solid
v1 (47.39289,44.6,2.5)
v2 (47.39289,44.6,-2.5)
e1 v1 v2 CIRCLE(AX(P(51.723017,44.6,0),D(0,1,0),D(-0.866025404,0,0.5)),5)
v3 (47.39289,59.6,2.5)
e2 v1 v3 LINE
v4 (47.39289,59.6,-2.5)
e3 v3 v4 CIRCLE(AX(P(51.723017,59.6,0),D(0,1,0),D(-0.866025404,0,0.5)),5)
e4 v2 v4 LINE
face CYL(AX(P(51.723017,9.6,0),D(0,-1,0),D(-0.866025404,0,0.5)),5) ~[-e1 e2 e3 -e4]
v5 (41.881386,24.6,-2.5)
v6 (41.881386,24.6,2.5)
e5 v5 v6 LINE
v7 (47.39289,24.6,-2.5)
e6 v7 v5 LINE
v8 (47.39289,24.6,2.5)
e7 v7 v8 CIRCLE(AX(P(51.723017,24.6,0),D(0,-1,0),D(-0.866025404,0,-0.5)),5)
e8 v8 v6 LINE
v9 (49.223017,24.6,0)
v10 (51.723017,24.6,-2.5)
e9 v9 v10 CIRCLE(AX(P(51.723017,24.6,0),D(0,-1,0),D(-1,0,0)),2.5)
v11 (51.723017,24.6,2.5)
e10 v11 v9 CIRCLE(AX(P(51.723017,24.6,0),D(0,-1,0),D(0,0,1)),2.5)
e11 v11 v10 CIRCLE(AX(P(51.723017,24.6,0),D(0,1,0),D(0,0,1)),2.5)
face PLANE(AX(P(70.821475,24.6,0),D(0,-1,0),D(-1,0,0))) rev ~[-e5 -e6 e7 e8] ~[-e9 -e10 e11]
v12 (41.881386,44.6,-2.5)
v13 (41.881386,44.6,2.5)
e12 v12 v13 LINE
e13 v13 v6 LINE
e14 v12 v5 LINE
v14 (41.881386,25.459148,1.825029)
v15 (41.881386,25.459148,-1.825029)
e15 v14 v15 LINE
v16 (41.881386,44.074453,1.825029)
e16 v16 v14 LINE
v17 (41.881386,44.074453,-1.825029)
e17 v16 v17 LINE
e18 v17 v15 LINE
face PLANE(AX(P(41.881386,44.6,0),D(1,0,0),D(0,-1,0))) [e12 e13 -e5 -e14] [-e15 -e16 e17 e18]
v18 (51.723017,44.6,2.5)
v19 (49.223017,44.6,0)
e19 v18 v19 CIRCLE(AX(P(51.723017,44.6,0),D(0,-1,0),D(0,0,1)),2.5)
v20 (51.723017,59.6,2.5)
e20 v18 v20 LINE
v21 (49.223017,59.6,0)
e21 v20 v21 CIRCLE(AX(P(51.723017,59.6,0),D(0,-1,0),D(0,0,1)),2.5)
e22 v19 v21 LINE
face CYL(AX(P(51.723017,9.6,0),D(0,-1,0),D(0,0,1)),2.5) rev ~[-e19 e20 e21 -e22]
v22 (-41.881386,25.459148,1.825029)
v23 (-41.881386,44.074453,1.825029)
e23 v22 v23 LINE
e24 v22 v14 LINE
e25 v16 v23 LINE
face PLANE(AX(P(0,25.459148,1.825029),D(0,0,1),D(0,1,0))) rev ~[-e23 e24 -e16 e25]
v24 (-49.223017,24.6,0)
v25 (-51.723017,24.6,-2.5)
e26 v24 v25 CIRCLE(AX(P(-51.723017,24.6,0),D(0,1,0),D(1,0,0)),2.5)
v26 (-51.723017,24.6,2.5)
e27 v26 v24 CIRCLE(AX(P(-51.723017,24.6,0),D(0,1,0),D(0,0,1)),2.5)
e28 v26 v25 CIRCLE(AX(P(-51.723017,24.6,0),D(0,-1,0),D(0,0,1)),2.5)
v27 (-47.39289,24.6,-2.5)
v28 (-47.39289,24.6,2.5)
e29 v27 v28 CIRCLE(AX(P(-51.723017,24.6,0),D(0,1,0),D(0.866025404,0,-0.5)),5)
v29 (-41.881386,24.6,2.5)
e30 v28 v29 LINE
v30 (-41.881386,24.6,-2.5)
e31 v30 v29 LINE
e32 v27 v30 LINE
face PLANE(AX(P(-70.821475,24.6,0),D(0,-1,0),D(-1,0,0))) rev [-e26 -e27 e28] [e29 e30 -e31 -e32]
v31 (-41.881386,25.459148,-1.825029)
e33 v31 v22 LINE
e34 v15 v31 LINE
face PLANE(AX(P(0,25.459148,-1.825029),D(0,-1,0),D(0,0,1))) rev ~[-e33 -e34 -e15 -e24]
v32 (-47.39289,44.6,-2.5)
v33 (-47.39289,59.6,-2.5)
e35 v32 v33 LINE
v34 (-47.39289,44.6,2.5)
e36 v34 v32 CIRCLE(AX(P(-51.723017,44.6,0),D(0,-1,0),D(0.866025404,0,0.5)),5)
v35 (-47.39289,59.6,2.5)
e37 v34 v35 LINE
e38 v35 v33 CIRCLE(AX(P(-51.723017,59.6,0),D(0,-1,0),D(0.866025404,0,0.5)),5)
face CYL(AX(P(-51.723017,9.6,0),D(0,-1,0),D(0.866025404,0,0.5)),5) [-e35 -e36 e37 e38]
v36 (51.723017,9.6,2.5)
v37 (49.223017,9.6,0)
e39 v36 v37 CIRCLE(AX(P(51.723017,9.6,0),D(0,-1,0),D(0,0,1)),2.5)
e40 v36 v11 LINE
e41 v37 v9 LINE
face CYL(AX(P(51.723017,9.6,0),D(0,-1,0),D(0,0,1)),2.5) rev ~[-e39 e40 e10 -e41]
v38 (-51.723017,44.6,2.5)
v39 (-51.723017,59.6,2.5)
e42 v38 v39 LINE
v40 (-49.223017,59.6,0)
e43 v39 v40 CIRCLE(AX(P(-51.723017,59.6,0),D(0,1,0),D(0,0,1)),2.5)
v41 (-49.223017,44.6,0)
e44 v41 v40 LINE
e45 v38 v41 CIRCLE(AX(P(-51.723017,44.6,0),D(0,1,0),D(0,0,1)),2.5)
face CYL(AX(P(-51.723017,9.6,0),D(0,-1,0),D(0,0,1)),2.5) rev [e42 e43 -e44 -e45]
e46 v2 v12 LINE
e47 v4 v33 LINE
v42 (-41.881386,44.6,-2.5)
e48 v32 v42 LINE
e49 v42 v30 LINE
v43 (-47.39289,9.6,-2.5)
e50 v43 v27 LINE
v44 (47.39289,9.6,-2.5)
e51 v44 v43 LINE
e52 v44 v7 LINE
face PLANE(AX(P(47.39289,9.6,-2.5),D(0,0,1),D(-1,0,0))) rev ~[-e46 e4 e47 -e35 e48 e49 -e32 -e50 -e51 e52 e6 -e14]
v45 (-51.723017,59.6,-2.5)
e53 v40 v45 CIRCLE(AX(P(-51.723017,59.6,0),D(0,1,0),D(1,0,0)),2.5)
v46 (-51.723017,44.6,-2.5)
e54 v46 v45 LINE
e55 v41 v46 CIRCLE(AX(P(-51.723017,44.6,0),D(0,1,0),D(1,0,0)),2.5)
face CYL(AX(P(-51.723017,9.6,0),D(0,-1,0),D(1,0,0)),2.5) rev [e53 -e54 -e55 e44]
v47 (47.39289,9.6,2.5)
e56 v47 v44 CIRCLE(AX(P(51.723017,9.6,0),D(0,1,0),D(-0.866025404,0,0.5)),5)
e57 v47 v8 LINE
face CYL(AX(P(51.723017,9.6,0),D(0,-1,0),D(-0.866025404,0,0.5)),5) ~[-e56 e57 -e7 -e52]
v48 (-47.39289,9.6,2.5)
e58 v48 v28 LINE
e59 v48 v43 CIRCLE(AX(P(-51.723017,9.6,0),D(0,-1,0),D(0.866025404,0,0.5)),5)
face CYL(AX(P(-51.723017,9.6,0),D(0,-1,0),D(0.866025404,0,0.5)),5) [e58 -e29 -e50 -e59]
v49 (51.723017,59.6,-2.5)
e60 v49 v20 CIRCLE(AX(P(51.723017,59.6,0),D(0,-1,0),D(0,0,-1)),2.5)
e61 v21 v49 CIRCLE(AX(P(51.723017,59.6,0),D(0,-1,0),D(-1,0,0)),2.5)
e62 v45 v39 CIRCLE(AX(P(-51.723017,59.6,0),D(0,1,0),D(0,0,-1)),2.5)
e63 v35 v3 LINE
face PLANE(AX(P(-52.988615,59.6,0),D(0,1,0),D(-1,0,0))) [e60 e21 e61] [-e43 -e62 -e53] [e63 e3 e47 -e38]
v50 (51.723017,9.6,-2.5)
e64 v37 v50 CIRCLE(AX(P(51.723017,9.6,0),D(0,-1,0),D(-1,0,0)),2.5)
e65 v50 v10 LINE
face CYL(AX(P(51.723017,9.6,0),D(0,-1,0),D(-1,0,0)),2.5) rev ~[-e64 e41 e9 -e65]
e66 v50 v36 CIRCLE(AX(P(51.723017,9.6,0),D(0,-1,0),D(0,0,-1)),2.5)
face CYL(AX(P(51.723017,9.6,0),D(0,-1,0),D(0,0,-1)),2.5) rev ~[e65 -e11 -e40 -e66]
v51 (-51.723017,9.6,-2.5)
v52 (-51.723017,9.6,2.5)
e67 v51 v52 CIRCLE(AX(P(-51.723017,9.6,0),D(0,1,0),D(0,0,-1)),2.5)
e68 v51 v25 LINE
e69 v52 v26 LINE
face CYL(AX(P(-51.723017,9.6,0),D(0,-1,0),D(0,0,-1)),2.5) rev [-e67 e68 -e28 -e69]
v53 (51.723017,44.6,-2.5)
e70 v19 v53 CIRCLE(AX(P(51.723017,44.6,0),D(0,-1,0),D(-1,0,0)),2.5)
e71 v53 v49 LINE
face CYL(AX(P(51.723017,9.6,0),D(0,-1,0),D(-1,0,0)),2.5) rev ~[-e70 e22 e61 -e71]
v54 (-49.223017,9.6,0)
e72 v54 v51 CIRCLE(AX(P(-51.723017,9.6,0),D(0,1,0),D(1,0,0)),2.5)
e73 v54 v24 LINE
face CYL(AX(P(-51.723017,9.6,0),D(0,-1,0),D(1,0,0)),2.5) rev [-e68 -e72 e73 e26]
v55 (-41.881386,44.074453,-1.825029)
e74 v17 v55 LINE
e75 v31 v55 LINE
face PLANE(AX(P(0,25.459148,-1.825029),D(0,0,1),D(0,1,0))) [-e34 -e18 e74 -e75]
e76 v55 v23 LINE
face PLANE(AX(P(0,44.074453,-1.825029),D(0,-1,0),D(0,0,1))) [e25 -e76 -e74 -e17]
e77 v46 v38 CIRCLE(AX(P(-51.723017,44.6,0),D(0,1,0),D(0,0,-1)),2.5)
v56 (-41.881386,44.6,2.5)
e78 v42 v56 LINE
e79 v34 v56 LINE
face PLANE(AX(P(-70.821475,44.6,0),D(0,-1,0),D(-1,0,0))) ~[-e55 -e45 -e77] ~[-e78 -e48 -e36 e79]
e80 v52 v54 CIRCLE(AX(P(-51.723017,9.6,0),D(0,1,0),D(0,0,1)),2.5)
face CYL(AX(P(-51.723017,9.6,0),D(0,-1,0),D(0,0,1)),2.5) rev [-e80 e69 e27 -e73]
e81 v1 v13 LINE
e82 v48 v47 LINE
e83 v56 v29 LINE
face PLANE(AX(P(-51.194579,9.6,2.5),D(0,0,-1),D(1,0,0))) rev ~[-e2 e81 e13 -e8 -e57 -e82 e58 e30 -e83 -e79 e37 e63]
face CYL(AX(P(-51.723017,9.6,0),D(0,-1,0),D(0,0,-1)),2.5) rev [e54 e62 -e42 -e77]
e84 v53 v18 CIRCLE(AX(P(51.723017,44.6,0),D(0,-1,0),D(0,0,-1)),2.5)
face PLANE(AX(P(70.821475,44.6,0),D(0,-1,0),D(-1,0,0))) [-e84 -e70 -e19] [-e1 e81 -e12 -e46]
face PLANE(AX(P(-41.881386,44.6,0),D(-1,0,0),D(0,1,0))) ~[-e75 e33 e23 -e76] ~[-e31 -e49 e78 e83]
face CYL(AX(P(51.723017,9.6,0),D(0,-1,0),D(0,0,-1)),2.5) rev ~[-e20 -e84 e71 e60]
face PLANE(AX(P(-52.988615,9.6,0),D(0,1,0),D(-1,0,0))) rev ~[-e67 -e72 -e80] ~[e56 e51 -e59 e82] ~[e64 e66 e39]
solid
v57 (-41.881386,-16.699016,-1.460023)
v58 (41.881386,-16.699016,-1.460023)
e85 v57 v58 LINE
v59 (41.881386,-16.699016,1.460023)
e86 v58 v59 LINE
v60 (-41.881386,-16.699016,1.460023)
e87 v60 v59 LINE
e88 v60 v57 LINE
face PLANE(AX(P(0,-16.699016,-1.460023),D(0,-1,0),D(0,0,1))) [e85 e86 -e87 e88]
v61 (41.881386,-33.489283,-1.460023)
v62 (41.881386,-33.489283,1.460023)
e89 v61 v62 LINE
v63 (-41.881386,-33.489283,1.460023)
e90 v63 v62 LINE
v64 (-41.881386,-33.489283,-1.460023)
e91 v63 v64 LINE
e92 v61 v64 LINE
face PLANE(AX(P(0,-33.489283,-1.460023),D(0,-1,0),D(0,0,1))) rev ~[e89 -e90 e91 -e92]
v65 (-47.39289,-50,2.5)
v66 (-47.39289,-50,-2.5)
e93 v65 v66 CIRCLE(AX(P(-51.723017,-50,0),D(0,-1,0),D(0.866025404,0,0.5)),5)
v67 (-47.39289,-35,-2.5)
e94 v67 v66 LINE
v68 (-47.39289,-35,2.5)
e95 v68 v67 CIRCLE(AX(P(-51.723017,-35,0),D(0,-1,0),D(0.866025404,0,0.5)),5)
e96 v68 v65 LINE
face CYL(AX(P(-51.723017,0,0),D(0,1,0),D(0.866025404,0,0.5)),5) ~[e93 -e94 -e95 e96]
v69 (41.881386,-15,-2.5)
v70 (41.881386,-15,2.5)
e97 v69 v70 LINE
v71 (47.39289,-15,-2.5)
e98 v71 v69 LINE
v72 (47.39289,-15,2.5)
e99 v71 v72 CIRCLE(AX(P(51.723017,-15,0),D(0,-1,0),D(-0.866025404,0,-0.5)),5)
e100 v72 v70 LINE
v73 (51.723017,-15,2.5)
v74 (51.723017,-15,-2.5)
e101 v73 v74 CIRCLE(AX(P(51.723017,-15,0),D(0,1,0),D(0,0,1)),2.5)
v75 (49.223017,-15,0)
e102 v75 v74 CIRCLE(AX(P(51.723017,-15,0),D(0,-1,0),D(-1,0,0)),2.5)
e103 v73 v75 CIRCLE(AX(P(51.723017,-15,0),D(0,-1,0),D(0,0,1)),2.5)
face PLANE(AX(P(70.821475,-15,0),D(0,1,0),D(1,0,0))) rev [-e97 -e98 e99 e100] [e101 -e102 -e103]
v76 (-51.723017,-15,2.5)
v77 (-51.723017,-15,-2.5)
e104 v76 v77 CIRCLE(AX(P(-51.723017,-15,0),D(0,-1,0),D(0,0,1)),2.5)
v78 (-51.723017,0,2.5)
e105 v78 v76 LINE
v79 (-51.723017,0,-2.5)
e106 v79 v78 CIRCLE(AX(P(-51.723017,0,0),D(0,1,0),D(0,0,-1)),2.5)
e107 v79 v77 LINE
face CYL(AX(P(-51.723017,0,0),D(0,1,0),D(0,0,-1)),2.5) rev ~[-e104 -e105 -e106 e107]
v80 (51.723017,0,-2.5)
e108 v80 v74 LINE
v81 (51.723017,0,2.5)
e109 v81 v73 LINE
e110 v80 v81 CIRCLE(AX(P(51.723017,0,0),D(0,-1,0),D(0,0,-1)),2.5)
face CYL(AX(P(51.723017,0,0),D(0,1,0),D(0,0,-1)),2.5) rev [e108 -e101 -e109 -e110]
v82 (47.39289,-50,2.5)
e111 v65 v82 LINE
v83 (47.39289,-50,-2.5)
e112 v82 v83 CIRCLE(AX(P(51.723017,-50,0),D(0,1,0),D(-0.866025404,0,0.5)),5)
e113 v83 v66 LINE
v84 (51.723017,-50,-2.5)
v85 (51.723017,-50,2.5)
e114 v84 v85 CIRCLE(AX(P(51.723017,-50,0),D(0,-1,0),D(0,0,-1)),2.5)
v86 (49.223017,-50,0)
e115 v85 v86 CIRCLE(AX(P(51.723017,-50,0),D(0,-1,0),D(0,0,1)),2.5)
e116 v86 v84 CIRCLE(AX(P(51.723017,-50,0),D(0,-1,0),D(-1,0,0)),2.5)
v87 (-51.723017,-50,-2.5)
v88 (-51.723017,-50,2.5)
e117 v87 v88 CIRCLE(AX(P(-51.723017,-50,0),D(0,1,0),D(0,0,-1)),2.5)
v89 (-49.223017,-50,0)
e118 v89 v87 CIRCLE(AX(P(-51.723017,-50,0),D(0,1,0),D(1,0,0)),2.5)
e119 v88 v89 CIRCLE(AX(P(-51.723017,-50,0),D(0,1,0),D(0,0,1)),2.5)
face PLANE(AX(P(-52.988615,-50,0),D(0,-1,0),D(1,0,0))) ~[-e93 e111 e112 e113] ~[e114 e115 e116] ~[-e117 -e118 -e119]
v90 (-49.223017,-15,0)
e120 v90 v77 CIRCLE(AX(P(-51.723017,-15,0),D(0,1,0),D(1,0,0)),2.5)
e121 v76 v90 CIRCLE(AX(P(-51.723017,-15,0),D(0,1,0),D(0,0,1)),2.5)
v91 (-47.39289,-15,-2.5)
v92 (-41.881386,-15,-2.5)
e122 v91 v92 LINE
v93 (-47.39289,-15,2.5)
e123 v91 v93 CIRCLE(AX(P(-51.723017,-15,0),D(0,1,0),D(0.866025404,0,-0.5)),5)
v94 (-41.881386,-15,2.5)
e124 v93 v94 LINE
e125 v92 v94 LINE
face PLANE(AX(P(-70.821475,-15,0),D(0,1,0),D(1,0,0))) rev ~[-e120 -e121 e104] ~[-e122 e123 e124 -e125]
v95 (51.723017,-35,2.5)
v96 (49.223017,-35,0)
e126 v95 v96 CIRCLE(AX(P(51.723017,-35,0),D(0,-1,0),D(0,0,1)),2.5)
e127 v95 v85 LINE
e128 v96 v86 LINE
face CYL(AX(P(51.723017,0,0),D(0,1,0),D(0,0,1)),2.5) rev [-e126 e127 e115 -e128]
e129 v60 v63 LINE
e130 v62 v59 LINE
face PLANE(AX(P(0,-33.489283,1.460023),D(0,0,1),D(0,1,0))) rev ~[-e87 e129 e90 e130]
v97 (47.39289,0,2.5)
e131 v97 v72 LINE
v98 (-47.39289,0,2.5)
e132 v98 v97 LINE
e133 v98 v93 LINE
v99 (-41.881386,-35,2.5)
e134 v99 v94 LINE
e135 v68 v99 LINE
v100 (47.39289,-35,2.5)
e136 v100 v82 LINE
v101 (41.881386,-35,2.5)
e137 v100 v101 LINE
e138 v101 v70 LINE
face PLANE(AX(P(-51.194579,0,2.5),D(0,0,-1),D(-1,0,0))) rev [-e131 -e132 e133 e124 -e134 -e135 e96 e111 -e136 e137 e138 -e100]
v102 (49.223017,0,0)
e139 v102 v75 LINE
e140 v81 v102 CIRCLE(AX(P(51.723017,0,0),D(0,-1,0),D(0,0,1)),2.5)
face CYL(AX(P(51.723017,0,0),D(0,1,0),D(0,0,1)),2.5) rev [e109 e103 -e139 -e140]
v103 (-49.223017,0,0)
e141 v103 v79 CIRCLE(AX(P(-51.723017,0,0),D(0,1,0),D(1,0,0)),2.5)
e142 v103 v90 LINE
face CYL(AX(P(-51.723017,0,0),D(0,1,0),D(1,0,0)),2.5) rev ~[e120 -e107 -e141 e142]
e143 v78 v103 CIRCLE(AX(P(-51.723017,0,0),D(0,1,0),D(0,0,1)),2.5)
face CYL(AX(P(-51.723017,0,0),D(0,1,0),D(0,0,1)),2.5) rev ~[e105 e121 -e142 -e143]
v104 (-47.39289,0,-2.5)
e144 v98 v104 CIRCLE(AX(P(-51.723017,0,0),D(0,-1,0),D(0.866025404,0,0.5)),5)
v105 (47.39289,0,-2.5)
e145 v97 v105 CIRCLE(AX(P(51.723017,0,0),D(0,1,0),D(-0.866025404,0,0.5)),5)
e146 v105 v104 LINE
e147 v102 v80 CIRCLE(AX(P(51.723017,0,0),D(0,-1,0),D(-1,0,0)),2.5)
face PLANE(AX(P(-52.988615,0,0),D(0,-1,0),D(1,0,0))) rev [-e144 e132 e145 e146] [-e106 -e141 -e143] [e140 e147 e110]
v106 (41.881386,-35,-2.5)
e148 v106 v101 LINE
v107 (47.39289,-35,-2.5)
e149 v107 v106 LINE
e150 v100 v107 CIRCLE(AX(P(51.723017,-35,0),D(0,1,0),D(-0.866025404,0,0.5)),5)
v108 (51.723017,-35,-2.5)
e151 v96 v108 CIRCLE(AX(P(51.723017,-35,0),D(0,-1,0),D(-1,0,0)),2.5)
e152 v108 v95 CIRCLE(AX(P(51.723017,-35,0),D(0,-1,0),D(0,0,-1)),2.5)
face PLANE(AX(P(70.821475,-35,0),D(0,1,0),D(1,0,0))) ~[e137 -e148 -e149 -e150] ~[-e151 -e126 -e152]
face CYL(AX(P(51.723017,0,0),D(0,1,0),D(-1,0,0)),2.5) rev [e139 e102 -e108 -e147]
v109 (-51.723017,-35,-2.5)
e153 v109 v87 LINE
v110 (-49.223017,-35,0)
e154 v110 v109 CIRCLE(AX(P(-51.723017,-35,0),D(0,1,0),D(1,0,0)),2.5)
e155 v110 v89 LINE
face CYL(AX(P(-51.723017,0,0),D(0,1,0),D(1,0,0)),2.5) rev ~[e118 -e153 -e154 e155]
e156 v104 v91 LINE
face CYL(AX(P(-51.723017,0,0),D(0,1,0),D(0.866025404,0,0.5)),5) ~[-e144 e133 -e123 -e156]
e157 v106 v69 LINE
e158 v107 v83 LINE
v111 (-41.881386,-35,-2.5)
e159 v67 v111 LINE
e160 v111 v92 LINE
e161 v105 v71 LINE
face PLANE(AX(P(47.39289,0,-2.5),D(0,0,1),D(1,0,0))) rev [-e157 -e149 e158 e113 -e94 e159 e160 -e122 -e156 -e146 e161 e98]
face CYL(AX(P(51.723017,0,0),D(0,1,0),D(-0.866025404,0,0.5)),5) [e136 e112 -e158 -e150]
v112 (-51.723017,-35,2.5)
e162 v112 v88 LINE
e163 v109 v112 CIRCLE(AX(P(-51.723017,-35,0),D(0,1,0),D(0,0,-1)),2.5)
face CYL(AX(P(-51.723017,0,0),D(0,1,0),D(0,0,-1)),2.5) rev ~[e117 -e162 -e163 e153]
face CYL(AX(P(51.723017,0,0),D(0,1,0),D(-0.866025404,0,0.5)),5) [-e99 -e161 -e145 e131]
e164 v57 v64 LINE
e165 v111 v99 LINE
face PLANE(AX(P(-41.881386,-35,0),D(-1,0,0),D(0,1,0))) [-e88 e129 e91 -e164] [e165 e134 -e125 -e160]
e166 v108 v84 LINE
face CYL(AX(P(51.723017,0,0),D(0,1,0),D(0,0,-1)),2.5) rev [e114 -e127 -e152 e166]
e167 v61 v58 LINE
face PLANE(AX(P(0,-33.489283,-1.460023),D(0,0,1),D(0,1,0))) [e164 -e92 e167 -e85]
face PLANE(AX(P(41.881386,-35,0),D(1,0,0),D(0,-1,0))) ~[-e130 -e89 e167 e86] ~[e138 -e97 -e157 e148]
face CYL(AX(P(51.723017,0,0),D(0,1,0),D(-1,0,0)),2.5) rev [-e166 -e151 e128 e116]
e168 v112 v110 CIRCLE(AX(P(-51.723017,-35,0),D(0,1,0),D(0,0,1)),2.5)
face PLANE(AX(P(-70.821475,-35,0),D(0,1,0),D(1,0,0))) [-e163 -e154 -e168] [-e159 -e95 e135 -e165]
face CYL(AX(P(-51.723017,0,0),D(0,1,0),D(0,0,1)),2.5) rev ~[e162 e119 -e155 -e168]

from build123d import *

# Parameters (mm, degrees)
F1_DEPTH       = 50
F2_W           = 28.940089047
F2_H           = 20
F3_DEPTH       = 25
F3_DEPTH_BACK  = 25
F4_W           = 72.1798986197
F4_H           = 54.933372885
F5_DEPTH       = 25
F5_DEPTH_BACK  = 25
F9_W           = 16.7902670801
F9_H           = 2.9200464487
F10_DEPTH      = 63
F10_DEPTH_BACK = 65.8
F11_W          = 18.6153054237
F11_H          = 3.6500580609
F12_DEPTH      = 56.8
F12_DEPTH_BACK = 55.3


with BuildPart() as f1:
    # F0 (on Front) → F1 (new body)
    with BuildSketch(Plane.XZ):
        with BuildLine():
            ThreePointArc((55.5247060955, -2.5), (53.0247060955, 0), (55.5247060955, 2.5))
            Line((55.5247060955, 2.5), (51.1945790765, 2.5))
            ThreePointArc((51.1945790765, 2.5), (50.5247060955, 0), (51.1945790765, -2.5))
            Line((51.1945790765, -2.5), (55.5247060955, -2.5))
        make_face()
        with BuildLine():
            Line((51.1945790765, 2.5), (55.5247060955, 2.5))
            ThreePointArc((55.5247060955, 2.5), (57.2924730484, 1.767766953), (58.0247060955, 0))
            ThreePointArc((58.0247060955, 0), (57.2924730484, -1.767766953), (55.5247060955, -2.5))
            Line((55.5247060955, -2.5), (51.1945790765, -2.5))
            ThreePointArc((51.1945790765, -2.5), (56.818801321, -4.8296291314), (60.5247060955, 0))
            ThreePointArc((60.5247060955, 0), (56.818801321, 4.8296291314), (51.1945790765, 2.5))
        make_face()
        with BuildLine():
            ThreePointArc((51.1945790765, -2.5), (50.5247060955, 0), (51.1945790765, 2.5))
            Line((51.1945790765, 2.5), (-47.3928899846, 2.5))
            ThreePointArc((-47.3928899846, 2.5), (-46.893387872, 1.2940952255), (-46.7230170035, 0))
            ThreePointArc((-46.7230170035, 0), (-46.893387872, -1.2940952255), (-47.3928899846, -2.5))
            Line((-47.3928899846, -2.5), (51.1945790765, -2.5))
        make_face()
        with BuildLine():
            ThreePointArc((-46.7230170035, 0), (-46.893387872, 1.2940952255), (-47.3928899846, 2.5))
            Line((-47.3928899846, 2.5), (-51.7230170035, 2.5))
            ThreePointArc((-51.7230170035, 2.5), (-49.9552500505, 1.767766953), (-49.2230170035, 0))
            ThreePointArc((-49.2230170035, 0), (-49.9552500505, -1.767766953), (-51.7230170035, -2.5))
            Line((-51.7230170035, -2.5), (-47.3928899846, -2.5))
            ThreePointArc((-47.3928899846, -2.5), (-46.893387872, -1.2940952255), (-46.7230170035, 0))
        make_face()
        with BuildLine():
            Line((-51.7230170035, 2.5), (-47.3928899846, 2.5))
            ThreePointArc((-47.3928899846, 2.5), (-56.7230170035, 0), (-47.3928899846, -2.5))
            Line((-47.3928899846, -2.5), (-51.7230170035, -2.5))
            ThreePointArc((-51.7230170035, -2.5), (-54.2230170035, 0), (-51.7230170035, 2.5))
        make_face()
    extrude(amount=F1_DEPTH)

    # F2 (on Top) → F3 (cut, two sides)
    with BuildSketch(Plane.XY) as f3_sk:
        with Locations((-56.3514307141, -25)):
            Rectangle(F2_W, F2_H)
    extrude(amount=-F3_DEPTH, mode=Mode.SUBTRACT)
    extrude(f3_sk.sketch, amount=F3_DEPTH_BACK, mode=Mode.SUBTRACT)

    # F4 (on Top) → F5 (cut, two sides)
    with BuildSketch(Plane.XY) as f5_sk:
        with Locations((36.0899493098, -27.4666864425)):
            Rectangle(F4_W, F4_H)
    extrude(amount=-F5_DEPTH, mode=Mode.SUBTRACT)
    extrude(f5_sk.sketch, amount=F5_DEPTH_BACK, mode=Mode.SUBTRACT)

    # F6: F1 across plane


with BuildPart() as f1_1:
    add(f1.part)
    add(f1.part.mirror(Plane.YZ))


with BuildPart() as f8_1:
    # F8: instance of F1
    add(f1_1.part.mirror(Plane.XZ.offset(-4.8)))

    # F11 (on Right) → F12 (cut, two sides)
    with BuildSketch(Plane.YZ) as f12_sk:
        with Locations((34.7668007016, 0)):
            Rectangle(F11_W, F11_H)
    extrude(amount=F12_DEPTH, mode=Mode.SUBTRACT)
    extrude(f12_sk.sketch, amount=-F12_DEPTH_BACK, mode=Mode.SUBTRACT)


with BuildPart() as f1_2:
    add(f1_1.part)

    # F9 (on Right) → F10 (cut, two sides)
    with BuildSketch(Plane.YZ) as f10_sk:
        with Locations((-25.0941496342, 0)):
            Rectangle(F9_W, F9_H)
    extrude(amount=F10_DEPTH, mode=Mode.SUBTRACT)
    extrude(f10_sk.sketch, amount=-F10_DEPTH_BACK, mode=Mode.SUBTRACT)


solid = Compound([f8_1.part, f1_2.part])
